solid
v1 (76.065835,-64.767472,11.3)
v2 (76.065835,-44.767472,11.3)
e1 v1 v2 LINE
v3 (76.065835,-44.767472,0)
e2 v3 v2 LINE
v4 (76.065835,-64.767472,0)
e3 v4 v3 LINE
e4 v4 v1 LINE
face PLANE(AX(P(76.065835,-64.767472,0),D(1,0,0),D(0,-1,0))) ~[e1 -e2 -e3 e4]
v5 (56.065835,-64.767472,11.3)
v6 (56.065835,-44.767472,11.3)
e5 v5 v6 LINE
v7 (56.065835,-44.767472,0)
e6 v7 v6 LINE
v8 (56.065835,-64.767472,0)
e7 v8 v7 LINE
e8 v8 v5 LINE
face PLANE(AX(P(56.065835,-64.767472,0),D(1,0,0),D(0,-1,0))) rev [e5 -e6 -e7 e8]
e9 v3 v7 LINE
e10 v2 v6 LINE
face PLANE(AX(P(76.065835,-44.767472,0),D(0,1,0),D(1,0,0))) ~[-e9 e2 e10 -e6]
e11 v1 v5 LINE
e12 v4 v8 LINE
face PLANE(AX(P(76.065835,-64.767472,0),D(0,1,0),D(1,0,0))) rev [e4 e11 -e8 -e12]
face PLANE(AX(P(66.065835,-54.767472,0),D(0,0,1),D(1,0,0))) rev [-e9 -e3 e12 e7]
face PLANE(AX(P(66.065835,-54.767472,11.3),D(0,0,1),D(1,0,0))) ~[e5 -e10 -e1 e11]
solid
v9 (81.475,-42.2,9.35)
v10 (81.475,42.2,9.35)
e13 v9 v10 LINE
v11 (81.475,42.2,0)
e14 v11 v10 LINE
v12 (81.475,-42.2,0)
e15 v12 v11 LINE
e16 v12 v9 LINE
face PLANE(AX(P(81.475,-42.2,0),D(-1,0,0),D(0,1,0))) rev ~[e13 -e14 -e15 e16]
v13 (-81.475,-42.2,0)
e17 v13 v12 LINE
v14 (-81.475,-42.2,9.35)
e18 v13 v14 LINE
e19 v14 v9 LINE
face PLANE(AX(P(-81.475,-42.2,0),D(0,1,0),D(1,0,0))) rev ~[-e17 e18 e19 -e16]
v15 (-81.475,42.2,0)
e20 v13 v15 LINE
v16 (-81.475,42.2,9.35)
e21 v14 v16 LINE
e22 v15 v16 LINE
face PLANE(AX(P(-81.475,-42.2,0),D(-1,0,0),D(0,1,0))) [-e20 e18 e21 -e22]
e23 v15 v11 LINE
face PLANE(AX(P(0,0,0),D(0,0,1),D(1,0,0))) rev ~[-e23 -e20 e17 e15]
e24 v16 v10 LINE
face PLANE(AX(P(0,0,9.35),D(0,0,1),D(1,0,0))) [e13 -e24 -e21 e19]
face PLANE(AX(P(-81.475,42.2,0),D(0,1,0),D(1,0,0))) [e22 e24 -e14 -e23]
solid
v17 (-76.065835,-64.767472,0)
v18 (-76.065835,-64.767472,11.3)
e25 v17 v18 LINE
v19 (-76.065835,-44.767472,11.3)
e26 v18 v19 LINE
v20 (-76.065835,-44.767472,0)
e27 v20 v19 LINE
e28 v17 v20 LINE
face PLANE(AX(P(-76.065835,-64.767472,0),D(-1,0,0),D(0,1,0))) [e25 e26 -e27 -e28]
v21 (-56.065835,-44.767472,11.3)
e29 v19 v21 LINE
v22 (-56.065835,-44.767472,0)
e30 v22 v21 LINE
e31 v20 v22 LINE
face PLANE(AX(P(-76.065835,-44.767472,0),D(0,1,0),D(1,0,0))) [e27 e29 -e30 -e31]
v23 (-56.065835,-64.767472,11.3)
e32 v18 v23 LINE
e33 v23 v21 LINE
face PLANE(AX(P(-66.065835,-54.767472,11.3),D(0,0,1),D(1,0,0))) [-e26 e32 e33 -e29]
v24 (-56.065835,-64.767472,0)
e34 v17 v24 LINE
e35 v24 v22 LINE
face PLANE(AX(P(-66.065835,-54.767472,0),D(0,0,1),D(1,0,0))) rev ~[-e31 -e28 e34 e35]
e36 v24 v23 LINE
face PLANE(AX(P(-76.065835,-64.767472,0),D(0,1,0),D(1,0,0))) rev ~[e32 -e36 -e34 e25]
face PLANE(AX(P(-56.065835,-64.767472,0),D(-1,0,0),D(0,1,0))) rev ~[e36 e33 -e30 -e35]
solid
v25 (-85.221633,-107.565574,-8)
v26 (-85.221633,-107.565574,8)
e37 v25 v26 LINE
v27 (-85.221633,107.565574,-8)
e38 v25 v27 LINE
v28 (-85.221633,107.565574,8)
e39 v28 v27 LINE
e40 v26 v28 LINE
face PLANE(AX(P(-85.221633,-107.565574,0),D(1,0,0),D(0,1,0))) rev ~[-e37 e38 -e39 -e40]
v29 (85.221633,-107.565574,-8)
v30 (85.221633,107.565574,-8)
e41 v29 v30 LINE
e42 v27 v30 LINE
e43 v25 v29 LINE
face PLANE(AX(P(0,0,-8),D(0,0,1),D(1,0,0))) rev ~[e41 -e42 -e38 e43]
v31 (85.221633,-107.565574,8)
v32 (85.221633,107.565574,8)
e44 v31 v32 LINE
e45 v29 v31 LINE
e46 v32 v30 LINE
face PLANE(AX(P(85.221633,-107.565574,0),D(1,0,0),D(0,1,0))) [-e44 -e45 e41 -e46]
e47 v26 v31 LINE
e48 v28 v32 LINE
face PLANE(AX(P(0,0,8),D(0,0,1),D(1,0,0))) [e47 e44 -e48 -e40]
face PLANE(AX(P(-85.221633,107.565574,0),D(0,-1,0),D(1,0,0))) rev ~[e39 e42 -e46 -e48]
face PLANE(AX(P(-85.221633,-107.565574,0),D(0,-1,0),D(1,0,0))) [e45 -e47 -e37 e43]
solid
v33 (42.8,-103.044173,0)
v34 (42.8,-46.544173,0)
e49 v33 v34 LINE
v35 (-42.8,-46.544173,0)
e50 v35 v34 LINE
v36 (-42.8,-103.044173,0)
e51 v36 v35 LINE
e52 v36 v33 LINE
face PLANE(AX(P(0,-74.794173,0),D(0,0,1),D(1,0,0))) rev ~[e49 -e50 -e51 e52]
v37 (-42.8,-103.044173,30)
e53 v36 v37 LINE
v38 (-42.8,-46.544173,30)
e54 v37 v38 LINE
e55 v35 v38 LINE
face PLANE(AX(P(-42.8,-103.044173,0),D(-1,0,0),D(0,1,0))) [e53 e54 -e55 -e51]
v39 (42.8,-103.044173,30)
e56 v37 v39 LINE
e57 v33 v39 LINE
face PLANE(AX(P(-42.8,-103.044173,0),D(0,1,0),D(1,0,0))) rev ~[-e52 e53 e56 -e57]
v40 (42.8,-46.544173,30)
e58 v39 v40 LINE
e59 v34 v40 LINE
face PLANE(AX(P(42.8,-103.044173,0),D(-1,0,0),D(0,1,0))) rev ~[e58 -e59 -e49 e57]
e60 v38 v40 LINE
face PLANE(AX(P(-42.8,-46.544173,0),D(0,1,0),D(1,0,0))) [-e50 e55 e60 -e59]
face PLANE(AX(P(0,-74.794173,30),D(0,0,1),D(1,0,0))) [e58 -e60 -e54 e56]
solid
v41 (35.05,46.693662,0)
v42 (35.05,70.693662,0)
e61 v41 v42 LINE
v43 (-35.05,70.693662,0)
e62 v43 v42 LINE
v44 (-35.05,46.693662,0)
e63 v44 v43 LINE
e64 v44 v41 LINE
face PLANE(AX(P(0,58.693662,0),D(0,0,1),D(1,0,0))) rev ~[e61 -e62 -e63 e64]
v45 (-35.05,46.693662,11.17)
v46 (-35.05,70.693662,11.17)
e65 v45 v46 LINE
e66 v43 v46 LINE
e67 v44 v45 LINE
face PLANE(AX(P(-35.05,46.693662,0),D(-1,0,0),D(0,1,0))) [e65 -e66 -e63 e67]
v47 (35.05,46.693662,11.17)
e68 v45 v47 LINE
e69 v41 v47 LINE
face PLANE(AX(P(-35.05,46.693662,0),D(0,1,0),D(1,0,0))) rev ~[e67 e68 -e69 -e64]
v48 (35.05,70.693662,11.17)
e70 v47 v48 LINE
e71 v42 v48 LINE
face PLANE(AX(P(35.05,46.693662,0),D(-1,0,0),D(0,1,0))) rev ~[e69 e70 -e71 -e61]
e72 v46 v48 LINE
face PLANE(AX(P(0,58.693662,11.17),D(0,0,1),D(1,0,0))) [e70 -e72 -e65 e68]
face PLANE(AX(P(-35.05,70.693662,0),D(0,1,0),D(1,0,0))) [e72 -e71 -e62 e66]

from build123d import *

# Parameters (mm, degrees)
F0_W      = 162.95
F0_H      = 84.4
F3_DEPTH  = 9.35
F1_W      = 20
F1_H      = 20
F4_DEPTH  = 11.3
F2_W      = 70.1
F2_H      = 24
F5_DEPTH  = 11.17
F7_W      = 85.6
F7_H      = 56.5
F8_DEPTH  = 30
F9_W      = 170.443266
F9_H      = 215.131148
F10_DEPTH = 8


with BuildPart() as f3:
    # F0 (on Top) → F3 (new body)
    with BuildSketch(Plane.XY):
        Rectangle(F0_W, F0_H)
    extrude(amount=F3_DEPTH)


with BuildPart() as f4:
    # F1 (on Top) → F4 (new body)
    with BuildSketch(Plane.XY):
        with Locations((-66.065835, -54.767472)):
            Rectangle(F1_W, F1_H)
    extrude(amount=F4_DEPTH)


with BuildPart() as f5:
    # F2 (on Top) → F5 (new body)
    with BuildSketch(Plane.XY):
        with Locations((0, 58.693662)):
            Rectangle(F2_W, F2_H)
    extrude(amount=F5_DEPTH)


with BuildPart() as f6_1:
    # F6: instance of F4
    add(f4.part.mirror(Plane.YZ))


with BuildPart() as f8:
    # F7 (on Top) → F8 (new body)
    with BuildSketch(Plane.XY):
        with Locations((0, -74.794173)):
            Rectangle(F7_W, F7_H)
    extrude(amount=F8_DEPTH)


with BuildPart() as f10:
    # F9 (on Top) → F10 (new body, symmetric)
    with BuildSketch(Plane.XY):
        Rectangle(F9_W, F9_H)
    extrude(amount=F10_DEPTH, both=True)


solid = Compound([f3.part, f4.part, f5.part, f6_1.part, f8.part, f10.part])
